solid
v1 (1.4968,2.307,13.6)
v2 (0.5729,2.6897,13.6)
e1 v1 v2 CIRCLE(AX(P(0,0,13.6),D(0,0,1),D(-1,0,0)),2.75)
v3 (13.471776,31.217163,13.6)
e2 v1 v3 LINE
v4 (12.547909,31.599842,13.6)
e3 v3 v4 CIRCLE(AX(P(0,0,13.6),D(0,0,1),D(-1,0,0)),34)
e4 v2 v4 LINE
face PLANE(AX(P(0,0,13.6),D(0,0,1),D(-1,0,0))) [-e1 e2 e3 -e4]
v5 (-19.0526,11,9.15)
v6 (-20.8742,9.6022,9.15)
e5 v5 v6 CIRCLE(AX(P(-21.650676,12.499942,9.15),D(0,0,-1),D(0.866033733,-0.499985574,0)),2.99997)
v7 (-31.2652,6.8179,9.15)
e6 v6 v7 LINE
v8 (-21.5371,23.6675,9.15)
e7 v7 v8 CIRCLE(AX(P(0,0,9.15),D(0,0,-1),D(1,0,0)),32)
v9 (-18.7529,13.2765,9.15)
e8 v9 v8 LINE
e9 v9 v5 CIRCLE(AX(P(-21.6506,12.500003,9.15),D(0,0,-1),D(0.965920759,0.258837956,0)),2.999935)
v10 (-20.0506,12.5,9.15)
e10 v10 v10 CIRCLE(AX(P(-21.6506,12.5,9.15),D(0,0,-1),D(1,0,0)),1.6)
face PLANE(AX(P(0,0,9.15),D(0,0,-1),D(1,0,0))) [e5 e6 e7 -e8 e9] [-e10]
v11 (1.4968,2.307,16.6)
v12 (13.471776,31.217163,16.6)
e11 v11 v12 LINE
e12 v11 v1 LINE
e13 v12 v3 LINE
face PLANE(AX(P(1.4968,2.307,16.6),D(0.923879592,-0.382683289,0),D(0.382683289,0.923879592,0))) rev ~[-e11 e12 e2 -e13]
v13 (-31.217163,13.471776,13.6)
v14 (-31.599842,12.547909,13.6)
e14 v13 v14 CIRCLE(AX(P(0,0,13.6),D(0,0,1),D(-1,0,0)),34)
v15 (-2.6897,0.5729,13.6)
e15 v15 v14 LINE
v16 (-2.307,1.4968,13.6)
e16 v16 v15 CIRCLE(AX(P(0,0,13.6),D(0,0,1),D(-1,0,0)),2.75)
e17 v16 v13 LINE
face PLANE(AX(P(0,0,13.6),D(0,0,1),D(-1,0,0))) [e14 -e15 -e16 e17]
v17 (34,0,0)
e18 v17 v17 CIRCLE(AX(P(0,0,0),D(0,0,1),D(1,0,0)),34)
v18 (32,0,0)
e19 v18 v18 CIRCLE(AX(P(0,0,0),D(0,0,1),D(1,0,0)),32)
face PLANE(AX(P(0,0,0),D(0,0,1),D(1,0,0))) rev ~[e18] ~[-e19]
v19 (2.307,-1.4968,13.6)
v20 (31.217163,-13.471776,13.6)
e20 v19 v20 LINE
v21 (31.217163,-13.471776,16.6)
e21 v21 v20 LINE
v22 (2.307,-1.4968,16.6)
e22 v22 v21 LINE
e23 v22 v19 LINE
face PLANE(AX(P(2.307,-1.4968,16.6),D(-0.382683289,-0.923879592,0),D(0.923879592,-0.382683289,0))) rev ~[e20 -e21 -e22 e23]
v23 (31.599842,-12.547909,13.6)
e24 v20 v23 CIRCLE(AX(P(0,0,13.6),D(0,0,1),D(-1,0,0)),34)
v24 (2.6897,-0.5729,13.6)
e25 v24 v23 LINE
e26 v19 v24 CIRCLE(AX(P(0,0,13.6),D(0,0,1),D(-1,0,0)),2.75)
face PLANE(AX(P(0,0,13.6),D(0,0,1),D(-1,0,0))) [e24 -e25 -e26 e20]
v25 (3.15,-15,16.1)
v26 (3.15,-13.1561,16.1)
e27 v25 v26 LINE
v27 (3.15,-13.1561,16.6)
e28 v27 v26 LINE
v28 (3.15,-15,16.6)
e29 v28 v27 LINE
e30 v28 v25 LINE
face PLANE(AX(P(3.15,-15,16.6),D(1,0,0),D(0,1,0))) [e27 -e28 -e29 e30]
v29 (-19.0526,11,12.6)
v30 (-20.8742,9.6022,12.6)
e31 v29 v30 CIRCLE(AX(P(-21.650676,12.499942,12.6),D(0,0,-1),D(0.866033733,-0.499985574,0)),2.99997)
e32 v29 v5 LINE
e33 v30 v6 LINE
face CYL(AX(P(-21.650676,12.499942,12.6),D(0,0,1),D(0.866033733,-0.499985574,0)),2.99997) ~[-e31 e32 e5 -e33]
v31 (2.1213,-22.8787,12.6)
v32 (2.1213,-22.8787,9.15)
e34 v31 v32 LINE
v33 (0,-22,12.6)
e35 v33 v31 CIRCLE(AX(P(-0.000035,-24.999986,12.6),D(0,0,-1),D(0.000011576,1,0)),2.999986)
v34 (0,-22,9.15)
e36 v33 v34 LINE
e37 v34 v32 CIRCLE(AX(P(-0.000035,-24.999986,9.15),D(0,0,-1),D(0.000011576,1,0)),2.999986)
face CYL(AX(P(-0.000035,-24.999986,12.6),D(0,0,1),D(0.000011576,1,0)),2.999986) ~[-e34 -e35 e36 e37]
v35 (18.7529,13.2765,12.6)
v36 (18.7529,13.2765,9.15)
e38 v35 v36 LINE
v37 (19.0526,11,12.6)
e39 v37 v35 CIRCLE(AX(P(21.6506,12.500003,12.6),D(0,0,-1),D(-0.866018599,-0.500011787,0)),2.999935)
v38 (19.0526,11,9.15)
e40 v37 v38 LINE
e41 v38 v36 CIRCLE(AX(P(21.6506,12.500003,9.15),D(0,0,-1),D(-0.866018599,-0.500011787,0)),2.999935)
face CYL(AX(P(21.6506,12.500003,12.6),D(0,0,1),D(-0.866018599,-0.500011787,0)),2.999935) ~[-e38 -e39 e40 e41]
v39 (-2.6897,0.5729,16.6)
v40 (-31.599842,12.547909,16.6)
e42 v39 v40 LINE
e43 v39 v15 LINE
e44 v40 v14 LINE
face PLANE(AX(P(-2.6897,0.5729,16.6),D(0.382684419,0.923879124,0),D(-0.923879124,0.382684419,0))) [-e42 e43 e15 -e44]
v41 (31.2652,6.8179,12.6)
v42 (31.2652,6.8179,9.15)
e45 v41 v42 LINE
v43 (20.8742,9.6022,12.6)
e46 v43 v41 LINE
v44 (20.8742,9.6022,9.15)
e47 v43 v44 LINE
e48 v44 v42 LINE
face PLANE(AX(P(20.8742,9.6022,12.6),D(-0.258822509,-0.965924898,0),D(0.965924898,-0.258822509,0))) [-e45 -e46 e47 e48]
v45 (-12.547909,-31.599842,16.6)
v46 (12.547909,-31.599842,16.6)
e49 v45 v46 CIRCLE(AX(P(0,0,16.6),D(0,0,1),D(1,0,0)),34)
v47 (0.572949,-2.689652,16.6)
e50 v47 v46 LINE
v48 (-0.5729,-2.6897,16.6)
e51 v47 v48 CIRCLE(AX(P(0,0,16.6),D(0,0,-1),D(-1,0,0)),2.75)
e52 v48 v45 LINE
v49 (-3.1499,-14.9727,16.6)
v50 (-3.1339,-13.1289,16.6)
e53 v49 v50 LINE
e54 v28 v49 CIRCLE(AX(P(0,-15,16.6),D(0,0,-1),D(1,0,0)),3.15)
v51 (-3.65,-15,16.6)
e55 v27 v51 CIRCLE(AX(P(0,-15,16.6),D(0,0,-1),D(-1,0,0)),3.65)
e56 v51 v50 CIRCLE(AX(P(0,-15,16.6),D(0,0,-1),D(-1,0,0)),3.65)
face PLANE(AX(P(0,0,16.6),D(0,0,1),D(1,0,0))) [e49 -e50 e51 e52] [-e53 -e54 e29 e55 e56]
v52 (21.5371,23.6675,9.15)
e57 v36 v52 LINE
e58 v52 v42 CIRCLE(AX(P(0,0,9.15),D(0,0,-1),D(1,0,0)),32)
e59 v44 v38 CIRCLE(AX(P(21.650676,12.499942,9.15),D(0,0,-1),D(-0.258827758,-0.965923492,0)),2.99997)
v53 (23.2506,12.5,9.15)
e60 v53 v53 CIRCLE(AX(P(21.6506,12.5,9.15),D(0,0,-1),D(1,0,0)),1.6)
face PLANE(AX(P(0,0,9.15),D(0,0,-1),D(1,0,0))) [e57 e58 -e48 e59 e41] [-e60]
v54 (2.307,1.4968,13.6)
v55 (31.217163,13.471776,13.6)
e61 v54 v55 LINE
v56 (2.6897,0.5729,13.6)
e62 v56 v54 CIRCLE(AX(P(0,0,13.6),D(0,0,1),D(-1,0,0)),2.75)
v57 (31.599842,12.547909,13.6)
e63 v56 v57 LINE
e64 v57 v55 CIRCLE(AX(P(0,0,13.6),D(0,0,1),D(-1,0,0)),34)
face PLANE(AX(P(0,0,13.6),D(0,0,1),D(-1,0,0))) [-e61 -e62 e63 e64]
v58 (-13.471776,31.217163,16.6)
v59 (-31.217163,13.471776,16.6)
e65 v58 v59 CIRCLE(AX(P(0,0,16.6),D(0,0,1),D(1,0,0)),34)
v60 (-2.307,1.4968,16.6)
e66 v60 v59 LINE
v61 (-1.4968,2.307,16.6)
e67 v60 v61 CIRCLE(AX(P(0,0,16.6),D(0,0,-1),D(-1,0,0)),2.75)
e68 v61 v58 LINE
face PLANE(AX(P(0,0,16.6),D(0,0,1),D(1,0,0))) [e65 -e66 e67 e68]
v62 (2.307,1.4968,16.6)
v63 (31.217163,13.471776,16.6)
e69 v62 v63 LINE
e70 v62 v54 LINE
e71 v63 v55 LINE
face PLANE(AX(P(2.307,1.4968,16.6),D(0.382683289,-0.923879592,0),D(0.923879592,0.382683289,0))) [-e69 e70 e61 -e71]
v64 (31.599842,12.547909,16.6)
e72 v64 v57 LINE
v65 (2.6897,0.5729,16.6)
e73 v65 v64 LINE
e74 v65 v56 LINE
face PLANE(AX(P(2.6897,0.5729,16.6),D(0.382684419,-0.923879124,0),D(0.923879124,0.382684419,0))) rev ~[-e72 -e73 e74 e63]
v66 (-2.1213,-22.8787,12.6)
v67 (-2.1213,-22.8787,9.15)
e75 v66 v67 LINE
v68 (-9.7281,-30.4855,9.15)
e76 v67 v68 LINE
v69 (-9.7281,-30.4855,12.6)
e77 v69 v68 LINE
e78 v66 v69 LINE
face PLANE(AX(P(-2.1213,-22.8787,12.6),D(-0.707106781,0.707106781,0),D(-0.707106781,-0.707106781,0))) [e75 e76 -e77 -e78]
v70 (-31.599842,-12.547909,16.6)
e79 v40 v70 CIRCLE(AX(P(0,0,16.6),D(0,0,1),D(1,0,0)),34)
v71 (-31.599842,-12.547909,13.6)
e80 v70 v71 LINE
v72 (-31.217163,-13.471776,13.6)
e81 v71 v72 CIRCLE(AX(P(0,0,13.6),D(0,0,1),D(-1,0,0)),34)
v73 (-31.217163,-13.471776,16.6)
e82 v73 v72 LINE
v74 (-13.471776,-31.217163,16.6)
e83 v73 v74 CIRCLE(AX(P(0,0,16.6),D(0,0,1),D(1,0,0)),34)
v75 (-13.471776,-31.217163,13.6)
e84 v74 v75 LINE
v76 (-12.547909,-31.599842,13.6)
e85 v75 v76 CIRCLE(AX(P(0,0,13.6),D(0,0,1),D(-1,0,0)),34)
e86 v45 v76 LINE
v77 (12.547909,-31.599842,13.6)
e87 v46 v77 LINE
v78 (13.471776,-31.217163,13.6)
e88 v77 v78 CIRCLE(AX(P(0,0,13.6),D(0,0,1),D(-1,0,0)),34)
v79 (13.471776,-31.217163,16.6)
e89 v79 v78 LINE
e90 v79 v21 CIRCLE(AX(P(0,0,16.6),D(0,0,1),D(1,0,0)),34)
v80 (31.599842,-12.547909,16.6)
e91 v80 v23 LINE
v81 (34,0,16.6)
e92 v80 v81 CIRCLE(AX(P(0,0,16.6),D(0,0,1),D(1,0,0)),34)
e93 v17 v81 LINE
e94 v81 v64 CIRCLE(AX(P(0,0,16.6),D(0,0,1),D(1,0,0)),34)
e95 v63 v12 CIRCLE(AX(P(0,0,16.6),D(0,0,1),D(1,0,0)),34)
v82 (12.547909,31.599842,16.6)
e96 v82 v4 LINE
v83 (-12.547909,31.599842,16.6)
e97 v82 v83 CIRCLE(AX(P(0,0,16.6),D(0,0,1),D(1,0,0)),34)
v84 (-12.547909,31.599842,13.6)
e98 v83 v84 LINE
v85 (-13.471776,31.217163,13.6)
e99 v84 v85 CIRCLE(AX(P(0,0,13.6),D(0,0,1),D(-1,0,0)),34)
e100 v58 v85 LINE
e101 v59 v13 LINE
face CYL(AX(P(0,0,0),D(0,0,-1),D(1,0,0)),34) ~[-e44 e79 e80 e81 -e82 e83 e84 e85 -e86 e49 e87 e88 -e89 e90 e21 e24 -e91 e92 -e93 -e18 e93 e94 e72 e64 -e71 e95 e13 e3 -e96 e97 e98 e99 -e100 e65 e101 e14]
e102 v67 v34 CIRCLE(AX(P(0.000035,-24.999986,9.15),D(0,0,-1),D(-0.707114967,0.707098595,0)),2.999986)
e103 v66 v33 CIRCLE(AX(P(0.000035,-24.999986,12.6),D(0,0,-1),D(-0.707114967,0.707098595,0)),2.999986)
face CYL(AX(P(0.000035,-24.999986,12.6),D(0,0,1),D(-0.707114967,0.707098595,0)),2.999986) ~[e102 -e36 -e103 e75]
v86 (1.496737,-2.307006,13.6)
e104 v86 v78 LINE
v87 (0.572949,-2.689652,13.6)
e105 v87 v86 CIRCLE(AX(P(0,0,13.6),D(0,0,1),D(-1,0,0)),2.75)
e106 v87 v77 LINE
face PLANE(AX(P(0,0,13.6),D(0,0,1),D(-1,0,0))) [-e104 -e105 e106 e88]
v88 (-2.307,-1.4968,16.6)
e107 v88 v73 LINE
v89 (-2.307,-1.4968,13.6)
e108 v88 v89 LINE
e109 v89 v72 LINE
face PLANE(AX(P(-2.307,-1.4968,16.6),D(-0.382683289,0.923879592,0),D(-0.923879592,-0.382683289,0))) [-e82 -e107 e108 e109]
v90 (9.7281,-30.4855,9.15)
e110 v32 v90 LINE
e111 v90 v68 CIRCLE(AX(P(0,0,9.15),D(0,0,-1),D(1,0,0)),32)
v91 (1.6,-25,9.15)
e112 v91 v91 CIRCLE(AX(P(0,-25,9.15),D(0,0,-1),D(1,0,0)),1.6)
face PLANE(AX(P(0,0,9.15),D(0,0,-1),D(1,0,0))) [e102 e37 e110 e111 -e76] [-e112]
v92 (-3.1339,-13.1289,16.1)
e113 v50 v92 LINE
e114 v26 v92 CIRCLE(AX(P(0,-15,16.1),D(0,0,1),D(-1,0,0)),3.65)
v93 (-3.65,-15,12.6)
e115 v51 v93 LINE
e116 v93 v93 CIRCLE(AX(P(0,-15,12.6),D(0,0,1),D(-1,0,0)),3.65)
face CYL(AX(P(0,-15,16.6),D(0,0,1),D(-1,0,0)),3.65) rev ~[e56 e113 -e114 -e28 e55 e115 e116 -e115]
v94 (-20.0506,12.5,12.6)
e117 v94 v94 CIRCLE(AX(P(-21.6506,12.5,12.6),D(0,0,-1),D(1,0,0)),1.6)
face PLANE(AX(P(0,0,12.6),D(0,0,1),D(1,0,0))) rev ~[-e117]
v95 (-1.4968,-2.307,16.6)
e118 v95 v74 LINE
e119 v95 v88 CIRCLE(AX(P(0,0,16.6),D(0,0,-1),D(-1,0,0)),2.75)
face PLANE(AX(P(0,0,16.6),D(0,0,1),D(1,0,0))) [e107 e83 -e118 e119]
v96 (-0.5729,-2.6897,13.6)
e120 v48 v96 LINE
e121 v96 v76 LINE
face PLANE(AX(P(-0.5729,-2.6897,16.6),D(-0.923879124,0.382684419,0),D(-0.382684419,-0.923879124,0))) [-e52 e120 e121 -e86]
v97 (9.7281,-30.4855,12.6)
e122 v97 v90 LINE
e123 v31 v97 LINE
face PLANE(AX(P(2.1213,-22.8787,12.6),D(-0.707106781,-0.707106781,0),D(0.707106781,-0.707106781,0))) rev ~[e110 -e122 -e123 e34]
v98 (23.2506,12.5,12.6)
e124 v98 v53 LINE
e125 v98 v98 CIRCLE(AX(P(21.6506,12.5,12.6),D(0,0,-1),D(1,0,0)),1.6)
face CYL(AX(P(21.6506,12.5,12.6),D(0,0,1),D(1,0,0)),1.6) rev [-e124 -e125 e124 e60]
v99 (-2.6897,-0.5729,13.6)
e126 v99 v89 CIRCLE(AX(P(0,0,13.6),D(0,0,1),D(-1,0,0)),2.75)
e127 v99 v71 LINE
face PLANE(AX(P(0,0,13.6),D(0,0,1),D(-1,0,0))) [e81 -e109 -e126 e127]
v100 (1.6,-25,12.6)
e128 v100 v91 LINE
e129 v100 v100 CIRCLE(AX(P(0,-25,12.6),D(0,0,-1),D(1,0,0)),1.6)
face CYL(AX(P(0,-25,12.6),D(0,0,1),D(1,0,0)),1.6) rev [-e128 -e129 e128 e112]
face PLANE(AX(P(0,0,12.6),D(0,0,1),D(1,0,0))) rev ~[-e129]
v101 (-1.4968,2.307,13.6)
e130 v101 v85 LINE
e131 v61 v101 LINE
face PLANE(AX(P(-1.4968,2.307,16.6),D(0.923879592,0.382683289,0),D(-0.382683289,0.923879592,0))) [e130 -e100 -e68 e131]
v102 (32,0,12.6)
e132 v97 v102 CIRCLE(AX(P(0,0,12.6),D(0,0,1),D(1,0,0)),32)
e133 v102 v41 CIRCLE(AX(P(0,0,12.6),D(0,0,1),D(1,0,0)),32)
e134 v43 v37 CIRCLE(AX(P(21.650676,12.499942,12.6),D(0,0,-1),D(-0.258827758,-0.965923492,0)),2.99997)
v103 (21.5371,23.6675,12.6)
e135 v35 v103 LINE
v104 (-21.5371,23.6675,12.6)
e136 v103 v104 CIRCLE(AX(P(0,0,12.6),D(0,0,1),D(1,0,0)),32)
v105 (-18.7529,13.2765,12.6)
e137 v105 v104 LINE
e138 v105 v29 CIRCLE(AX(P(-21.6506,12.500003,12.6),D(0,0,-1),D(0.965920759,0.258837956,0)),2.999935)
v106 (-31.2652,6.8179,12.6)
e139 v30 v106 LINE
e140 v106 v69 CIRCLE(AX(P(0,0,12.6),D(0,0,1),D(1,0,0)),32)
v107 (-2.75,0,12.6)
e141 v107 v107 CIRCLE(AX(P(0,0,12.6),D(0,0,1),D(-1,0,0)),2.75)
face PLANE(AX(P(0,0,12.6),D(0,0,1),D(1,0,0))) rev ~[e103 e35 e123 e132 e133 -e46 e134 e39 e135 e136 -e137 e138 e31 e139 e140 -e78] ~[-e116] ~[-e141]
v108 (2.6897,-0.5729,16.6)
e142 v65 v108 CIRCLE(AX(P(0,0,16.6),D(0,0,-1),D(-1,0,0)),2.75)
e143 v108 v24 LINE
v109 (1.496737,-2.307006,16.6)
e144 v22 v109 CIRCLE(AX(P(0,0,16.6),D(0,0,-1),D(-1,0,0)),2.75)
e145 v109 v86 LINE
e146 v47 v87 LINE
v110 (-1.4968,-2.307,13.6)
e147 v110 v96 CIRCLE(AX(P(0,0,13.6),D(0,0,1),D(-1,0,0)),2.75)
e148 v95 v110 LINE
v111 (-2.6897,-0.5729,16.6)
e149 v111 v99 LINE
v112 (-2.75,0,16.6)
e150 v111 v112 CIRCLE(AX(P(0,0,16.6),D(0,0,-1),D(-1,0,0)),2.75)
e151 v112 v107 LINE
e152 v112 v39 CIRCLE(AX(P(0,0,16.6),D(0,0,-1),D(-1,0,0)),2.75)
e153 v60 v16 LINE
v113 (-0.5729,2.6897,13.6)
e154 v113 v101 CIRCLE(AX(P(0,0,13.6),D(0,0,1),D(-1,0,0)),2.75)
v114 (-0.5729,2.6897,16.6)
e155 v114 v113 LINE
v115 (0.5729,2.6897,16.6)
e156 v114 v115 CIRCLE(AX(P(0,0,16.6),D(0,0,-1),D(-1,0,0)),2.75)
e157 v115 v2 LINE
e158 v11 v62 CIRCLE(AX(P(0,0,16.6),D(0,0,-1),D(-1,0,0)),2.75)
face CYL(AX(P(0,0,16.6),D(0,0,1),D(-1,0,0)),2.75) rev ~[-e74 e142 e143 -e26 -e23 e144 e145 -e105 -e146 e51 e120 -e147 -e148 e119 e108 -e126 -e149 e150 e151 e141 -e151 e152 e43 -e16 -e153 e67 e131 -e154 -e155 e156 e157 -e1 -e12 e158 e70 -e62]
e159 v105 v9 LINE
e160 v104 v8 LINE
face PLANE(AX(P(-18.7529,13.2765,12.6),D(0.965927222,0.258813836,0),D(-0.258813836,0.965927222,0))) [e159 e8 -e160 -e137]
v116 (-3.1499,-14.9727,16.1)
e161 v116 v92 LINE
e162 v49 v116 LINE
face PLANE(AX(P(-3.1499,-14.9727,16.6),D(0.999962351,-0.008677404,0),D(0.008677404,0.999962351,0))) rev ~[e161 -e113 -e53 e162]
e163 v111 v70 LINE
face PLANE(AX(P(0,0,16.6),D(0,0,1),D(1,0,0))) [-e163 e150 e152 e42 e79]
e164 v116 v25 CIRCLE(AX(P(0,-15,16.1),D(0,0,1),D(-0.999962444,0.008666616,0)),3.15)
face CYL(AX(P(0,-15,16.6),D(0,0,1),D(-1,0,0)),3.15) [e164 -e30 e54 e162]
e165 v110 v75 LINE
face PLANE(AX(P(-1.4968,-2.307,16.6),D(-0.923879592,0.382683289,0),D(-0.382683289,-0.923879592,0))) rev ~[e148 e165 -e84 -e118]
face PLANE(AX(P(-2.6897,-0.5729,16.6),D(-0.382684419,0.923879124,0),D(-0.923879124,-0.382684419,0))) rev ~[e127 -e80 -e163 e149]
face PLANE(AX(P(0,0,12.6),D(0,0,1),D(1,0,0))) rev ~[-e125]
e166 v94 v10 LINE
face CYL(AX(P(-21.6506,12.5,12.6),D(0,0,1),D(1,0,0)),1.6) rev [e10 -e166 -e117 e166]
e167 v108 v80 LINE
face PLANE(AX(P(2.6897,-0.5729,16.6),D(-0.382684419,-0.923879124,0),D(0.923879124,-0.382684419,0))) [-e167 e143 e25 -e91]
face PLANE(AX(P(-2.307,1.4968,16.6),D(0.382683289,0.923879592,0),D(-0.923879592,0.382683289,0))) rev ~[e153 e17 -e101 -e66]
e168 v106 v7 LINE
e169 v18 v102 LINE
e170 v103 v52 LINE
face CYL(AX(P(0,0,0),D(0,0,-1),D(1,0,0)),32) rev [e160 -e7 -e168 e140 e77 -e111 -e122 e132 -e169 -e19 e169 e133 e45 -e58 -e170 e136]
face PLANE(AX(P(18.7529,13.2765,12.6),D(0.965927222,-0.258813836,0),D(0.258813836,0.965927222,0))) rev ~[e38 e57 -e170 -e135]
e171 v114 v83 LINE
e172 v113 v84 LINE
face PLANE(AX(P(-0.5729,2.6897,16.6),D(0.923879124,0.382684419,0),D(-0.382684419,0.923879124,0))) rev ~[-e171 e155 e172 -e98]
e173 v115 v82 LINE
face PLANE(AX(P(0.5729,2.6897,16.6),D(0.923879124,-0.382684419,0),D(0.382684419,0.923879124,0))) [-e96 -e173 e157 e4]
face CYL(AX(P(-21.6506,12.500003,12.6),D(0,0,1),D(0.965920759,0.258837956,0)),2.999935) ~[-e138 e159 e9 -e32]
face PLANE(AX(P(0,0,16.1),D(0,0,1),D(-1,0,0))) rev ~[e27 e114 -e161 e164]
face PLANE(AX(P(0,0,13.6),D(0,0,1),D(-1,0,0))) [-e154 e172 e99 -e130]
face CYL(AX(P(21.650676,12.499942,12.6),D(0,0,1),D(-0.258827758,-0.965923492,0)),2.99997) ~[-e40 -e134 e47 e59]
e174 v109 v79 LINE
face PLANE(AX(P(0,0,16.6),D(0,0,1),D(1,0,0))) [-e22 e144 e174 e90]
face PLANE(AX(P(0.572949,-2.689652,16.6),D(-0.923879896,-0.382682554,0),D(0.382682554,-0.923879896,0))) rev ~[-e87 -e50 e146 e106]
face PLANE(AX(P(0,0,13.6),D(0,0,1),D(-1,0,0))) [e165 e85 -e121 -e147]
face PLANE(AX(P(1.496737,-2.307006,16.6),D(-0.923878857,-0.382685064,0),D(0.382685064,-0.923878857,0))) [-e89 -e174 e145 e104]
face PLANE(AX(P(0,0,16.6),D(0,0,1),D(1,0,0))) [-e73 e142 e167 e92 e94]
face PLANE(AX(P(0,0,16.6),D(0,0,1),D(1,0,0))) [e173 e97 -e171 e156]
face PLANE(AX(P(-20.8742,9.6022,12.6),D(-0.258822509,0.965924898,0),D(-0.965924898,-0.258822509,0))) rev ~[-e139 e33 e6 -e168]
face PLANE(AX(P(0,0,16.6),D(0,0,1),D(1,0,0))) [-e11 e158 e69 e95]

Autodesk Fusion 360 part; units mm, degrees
sketch "Sketch1" plane through (0, 0, 0) normal (0, 0, 1) x (1, 0, 0)
  circle A0 centre (0, 0) radius 30 construction
  circle A1 centre (0, 0) radius 32
  circle A2 centre (0, 0) radius 34
  dimension "d10" = 60
  dimension "d11" = 2
  dimension "d12" = 4
extrude "Extrude1" add sketch "Sketch1" along normal blind 16.6 contours A1 | A2
extrude "Extrude2" cut sketch "Sketch1" along normal blind 12.6 contours A1
sketch "Sketch2" plane through (0, 0, 16.6) normal (0, 0, 1) x (-1, 0, 0)
  circle A0 centre (0, 0) radius 34
  circle A1 centre (0, 0) radius 2.75
  line L0 (0, 0) -> (0, 15) construction
  circle A2 centre (0, 15) radius 3.65
  line L1 (0, 0) -> (-13.0112, 31.4119) construction
  line L2 (0, 0) -> (34, 0) construction
  line L3 (0.4619, 0.1913) -> (-12.5493, 31.6032)
  line L4 (-0.4619, -0.1913) -> (-13.4732, 31.2206)
  line L5 (0.5729, 2.6897) -> (12.5493, 31.6032)
  line L6 (1.4968, 2.307) -> (13.4732, 31.2206)
  line L7 (2.307, 1.4968) -> (31.2206, 13.4732)
  line L8 (2.6897, 0.5729) -> (31.6032, 12.5493)
  line L9 (2.6897, -0.5729) -> (31.6032, -12.5493)
  line L10 (2.307, -1.4968) -> (31.2206, -13.4732)
  line L11 (1.4968, -2.307) -> (13.4732, -31.2206)
  line L12 (0.5729, -2.6897) -> (12.5493, -31.6032)
  line L13 (-0.5729, -2.6897) -> (-12.5493, -31.6032)
  line L14 (-1.4968, -2.307) -> (-13.4732, -31.2206)
  line L15 (-2.307, -1.4968) -> (-31.2206, -13.4732)
  line L16 (-2.6897, -0.5729) -> (-31.6032, -12.5493)
  line L17 (-2.6897, 0.5729) -> (-31.6032, 12.5493)
  line L18 (-2.307, 1.4968) -> (-31.2206, 13.4732)
  circle A3 centre (0, 15) radius 3.15
  line L19 (3.1499, 14.9727) -> (3.1339, 13.1289)
  line L20 (-3.15, 15) -> (-3.15, 13.1561)
  dimension "d35" = 5.5
  dimension "d38" = 15
  dimension "d39" = 7.3
  dimension "d42" = 112.5
  dimension "d43" = 34
  dimension "d50" = 0.5
  dimension "d51" = -0.5
  dimension "d96" = -0.5
extrude "Extrude3" cut sketch "Sketch2" against normal blind 4 contours A1
extrude "Extrude4" cut sketch "Sketch2" against normal blind 4 contours A2 A3 L19 L20 | A2 A3 L19 L20 | A3
extrude "Extrude6" cut sketch "Sketch2" against normal blind 3 contours A0 A1 L7 L8 | A0 A1 L9 L10 | A0 A1 L5 L6 | A0 A1 L11 L12 | A0 A1 L3 L4 | A0 A1 L13 L14 | A0 A1 L17 L18 | A0 A1 L15 L16
extrude "Extrude7" add sketch "Sketch2" against normal blind 0.5 contours A2 A3 L19 L20 | A3 picked at (0.2428, 11.5318)
sketch "Sketch3" plane through (0, 0, 12.6) normal (0, 0, -1) x (1, 0, 0)
  circle A0 centre (0, 15) radius 3.65
  circle A1 centre (0, 0) radius 2.75
  circle A2 centre (0, 0) radius 32
  circle A3 centre (0, 0) radius 25 construction
  line L0 (0, 0) -> (0, 25) construction
  line L1 (0, 25) -> (0, 22) construction
  circle A4 centre (0, 25) radius 1.6
  arc A5 (0, 22) -> (2.1213, 22.8787) centre (0, 25) ccw
  line L2 (2.1213, 22.8787) -> (9.7281, 30.4855)
  line L3 (2.1213, 22.8787) -> (12.8789, 22.8787) construction
  line L4 (-2.1213, 22.8787) -> (-9.7281, 30.4855)
  arc A6 (-2.1213, 22.8787) -> (0, 22) centre (0, 25) ccw
  circle A7 centre (-21.6506, -12.5) radius 1.6
  line L5 (-20.8742, -9.6022) -> (-31.2652, -6.8179)
  arc A8 (-19.0526, -11) -> (-20.8742, -9.6022) centre (-21.6506, -12.5) ccw
  arc A9 (-18.7529, -13.2765) -> (-19.0526, -11) centre (-21.6506, -12.5) ccw
  line L6 (-18.7529, -13.2765) -> (-21.5371, -23.6675)
  circle A10 centre (21.6506, -12.5) radius 1.6
  line L7 (18.7529, -13.2765) -> (21.5371, -23.6675)
  arc A11 (19.0526, -11) -> (18.7529, -13.2765) centre (21.6506, -12.5) ccw
  arc A12 (20.8742, -9.6022) -> (19.0526, -11) centre (21.6506, -12.5) ccw
  line L8 (20.8742, -9.6022) -> (31.2652, -6.8179)
  dimension "d99" = -7
  dimension "d100" = 3
  dimension "d101" = 3.2
  dimension "d102" = 45
  dimension "d104" = 360
extrude "Extrude8" add sketch "Sketch3" along normal blind 3.45 contours A2 A5 L2 L4 A6 | A2 L7 A11 A12 L8 | A2 L5 A8 A9 L6
